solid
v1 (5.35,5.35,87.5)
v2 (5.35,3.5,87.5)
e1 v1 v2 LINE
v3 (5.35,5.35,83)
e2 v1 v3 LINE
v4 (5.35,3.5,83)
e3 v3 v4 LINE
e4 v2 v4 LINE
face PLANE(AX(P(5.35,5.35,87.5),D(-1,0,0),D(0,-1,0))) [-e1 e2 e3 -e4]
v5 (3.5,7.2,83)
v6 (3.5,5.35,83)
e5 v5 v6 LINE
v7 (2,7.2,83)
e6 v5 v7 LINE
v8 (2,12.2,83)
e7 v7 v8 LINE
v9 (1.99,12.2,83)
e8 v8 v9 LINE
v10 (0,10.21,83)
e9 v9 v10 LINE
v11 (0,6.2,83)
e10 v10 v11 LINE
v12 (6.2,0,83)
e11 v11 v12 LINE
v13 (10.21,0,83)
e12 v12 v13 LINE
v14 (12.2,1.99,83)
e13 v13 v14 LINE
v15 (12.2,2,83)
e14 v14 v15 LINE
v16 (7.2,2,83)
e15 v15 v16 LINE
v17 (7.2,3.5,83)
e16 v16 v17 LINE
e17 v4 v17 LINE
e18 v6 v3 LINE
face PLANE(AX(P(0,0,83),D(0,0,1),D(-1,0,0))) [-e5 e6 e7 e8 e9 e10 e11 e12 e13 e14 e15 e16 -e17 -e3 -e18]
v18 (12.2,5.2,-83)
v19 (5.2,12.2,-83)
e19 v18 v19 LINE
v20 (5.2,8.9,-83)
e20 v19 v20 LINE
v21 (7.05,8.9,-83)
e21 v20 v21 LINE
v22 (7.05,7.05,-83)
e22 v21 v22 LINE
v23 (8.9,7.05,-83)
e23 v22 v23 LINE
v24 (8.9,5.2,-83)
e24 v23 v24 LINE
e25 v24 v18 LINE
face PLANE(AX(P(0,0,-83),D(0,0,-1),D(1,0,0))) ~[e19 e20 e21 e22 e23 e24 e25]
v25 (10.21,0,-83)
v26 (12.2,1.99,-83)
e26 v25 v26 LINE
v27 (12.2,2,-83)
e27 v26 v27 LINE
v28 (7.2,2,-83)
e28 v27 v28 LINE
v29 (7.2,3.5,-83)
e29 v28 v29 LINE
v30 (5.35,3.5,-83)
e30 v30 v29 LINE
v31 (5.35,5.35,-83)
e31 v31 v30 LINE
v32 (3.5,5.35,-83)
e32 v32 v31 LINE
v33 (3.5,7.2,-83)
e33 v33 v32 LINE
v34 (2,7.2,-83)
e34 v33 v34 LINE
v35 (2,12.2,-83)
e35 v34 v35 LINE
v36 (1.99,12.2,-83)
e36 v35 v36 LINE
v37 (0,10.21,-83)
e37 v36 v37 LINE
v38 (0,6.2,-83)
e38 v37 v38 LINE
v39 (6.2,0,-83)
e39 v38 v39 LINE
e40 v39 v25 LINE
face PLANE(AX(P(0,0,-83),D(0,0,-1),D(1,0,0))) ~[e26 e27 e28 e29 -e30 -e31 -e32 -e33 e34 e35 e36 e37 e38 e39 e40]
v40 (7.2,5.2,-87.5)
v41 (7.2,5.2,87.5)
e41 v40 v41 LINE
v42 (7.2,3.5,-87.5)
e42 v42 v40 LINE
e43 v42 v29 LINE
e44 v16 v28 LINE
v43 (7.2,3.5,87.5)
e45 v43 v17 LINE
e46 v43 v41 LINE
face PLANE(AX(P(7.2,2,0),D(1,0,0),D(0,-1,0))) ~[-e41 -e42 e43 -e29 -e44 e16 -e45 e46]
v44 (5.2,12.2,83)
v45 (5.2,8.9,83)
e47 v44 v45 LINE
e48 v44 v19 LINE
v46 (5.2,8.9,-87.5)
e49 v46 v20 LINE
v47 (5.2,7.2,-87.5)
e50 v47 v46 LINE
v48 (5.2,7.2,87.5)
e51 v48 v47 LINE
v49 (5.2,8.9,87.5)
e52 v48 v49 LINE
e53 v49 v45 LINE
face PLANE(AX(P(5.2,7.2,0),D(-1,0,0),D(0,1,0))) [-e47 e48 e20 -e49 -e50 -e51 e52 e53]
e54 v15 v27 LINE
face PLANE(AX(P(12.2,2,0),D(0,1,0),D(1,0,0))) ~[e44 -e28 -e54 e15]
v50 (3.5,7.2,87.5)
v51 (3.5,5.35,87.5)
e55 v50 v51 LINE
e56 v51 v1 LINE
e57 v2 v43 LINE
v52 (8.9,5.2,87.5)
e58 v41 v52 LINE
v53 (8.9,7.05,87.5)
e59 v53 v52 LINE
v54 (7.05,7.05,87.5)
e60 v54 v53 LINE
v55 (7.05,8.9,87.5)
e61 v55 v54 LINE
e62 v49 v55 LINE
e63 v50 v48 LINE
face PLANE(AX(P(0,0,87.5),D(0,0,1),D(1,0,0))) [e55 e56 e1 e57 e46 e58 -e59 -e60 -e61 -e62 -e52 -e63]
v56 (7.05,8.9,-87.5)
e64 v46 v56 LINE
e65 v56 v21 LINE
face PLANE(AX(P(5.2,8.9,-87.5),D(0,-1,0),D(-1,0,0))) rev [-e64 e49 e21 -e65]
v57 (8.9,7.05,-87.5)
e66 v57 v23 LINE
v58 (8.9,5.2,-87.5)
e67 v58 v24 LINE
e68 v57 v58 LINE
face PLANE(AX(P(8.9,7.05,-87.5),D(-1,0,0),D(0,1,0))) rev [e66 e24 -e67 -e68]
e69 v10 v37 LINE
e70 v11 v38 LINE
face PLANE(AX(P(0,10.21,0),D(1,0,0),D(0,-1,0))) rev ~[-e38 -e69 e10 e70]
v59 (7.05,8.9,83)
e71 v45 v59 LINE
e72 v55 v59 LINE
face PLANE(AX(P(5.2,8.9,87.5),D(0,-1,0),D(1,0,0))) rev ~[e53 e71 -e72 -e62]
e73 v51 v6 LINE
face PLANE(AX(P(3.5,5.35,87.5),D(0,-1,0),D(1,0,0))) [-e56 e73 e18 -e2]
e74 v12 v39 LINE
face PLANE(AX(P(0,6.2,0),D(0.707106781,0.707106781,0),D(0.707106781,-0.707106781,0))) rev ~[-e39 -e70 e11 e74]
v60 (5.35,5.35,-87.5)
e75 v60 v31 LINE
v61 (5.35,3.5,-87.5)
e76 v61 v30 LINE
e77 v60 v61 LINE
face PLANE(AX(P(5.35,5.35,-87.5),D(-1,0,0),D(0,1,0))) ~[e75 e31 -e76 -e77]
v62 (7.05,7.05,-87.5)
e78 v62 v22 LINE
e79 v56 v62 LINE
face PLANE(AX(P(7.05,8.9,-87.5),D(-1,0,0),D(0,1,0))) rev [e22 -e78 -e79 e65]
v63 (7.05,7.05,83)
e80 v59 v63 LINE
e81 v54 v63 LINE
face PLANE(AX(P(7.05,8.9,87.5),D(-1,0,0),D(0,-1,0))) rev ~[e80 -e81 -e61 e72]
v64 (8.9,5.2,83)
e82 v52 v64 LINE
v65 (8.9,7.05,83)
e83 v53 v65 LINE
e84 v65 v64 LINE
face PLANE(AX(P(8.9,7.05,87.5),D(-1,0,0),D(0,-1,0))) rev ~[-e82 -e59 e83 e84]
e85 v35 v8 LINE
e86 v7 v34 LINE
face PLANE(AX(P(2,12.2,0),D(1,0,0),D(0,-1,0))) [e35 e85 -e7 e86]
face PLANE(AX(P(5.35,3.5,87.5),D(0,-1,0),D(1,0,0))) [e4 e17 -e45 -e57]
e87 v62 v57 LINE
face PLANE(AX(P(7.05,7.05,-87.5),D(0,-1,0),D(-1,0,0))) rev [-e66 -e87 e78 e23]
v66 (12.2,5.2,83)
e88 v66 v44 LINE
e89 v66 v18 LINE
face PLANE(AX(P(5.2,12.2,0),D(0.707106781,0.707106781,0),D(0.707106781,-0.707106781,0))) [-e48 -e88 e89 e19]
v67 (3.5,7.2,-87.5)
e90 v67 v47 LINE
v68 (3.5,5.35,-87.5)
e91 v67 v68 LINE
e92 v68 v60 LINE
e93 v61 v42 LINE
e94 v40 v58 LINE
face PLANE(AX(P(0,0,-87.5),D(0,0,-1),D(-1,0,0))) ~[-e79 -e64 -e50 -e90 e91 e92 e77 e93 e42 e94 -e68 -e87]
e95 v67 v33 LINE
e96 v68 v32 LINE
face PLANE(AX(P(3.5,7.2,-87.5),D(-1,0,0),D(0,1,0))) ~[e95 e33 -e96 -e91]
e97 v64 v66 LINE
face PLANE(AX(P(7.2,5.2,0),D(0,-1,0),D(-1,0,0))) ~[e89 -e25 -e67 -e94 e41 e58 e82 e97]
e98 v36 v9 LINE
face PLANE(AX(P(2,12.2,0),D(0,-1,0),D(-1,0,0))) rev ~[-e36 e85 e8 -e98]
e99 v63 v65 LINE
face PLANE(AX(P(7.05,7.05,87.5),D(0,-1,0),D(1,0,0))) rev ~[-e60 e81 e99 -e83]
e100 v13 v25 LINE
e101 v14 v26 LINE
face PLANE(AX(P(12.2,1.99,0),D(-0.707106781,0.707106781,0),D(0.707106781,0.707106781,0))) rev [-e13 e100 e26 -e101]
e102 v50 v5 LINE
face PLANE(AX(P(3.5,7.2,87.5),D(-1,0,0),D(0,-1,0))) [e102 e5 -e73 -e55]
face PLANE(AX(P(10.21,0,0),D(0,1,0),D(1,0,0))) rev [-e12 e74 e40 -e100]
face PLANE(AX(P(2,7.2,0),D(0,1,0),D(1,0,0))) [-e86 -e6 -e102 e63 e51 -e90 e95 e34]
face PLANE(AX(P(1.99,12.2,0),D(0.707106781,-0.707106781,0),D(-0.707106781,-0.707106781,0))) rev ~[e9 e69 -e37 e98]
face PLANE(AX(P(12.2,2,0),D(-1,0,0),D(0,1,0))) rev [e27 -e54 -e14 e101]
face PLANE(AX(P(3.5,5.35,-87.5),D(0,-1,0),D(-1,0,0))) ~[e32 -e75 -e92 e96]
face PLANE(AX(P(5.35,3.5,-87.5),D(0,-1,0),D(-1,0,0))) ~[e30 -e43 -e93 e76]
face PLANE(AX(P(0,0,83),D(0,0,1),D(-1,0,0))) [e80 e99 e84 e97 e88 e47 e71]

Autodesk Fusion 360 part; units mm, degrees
sketch "Esquisse1" plane through (0, 0, 0) normal (0, 0, 1) x (1, 0, 0)
  line L0 (2, 12.2) -> (2, 7.2)
  line L1 (2, 7.2) -> (5.2, 7.2)
  line L2 (5.2, 7.2) -> (5.2, 12.2)
  line L3 (2, 12.2) -> (1.99, 12.2)
  line L4 (0, 0) -> (10.6066, 10.6066)
  line L5 (0, 0) -> (15, 0) construction
  line L6 (0, 10.21) -> (0, 6.2)
  line L7 (0, 6.2) -> (3.1, 3.1)
  line L8 (5.2, 12.2) -> (8.7, 8.7)
  line L9 (1.99, 12.2) -> (0, 10.21)
  point P0 (0, 12.2)
  dimension "d1" = 5
  dimension "d2" = 3.2
  dimension "d5" = 7.2
  dimension "d6" = 45
  dimension "d7" = 15
  dimension "d8" = 6
  dimension "d9" = 2
  dimension "d15" = 1.99
  dimension "d16" = 1.99
extrude "Extrusion1" add sketch "Esquisse1" along normal blind 87.5 makes body 1
mirror "Symétrie miroir1" about plane through (3.1, 3.1, 0) normal (-0.7071, 0.7071, 0) of bodies 1 merged
sketch "Esquisse4" plane through (0, 0, 87.5) normal (0, 0, 1) x (-1, 0, 0)
  line L0 (-2, -12.2) -> (-1.99, -12.2)
  line L1 (-1.99, -12.2) -> (0, -10.21)
  line L2 (0, -10.21) -> (0, -6.2)
  line L3 (0, -6.2) -> (-6.2, 0)
  line L4 (-6.2, 0) -> (-10.21, 0)
  line L5 (-10.21, 0) -> (-12.2, -1.99)
  line L6 (-12.2, -1.99) -> (-12.2, -2)
  line L7 (-12.2, -2) -> (-7.2, -2)
  line L8 (-7.2, -2) -> (-7.2, -5.2)
  line L9 (-7.2, -5.2) -> (-12.2, -5.2)
  line L10 (-12.2, -5.2) -> (-5.2, -12.2)
  line L11 (-5.2, -12.2) -> (-5.2, -7.2)
  line L12 (-5.2, -7.2) -> (-2, -7.2)
  line L13 (-2, -7.2) -> (-2, -12.2)
  line L14 (-5.2, -8.9) -> (-7.05, -8.9)
  line L15 (-7.05, -8.9) -> (-7.05, -7.05)
  line L16 (-7.05, -7.05) -> (-8.9, -7.05)
  line L17 (-8.9, -7.05) -> (-8.9, -5.2)
  line L18 (-5.2, -7.2) -> (-7.2, -5.2)
  line L19 (-3.5, -7.2) -> (-3.5, -5.35)
  line L20 (-3.5, -5.35) -> (-5.35, -5.35)
  line L21 (-5.35, -5.35) -> (-5.35, -3.5)
  line L22 (-5.35, -3.5) -> (-7.2, -3.5)
  point P0 (-7.2, -5.2)
  point P1 (-5.2, -7.2)
  point P2 (-7.2, -5.2)
  point P3 (-5.2, -7.2)
  dimension "d23" = 1.85
extrude "Extrusion3" cut sketch "Esquisse4" against normal blind 4.5 contours L0 L1 L2 L3 L4 L5 L6 L7 L8 L12 L13 L19 L20 L21 L22 | L9 L10 L11 L14 L15 L16 L17 bodies 1
copy_body "Corps->Comp2" bodies 1 removing the originals makes body 2 in component "Component"
mirror "Symétrie miroir1'" about plane through (0, 0, 0) normal (0, 0, -1) of bodies 2 merged in component "Component"
component "Component" placed x (1, 0, 0) y (0, 1, 0) z (0, 0, 1) at (0, 0, 0)
equation "d5 = d2 + 2 * d9"
equation "d8 = d1 + 1 mm"
equation "d10 = 92.00 mm - 4.5 mm"
equation "d16 = d15"
